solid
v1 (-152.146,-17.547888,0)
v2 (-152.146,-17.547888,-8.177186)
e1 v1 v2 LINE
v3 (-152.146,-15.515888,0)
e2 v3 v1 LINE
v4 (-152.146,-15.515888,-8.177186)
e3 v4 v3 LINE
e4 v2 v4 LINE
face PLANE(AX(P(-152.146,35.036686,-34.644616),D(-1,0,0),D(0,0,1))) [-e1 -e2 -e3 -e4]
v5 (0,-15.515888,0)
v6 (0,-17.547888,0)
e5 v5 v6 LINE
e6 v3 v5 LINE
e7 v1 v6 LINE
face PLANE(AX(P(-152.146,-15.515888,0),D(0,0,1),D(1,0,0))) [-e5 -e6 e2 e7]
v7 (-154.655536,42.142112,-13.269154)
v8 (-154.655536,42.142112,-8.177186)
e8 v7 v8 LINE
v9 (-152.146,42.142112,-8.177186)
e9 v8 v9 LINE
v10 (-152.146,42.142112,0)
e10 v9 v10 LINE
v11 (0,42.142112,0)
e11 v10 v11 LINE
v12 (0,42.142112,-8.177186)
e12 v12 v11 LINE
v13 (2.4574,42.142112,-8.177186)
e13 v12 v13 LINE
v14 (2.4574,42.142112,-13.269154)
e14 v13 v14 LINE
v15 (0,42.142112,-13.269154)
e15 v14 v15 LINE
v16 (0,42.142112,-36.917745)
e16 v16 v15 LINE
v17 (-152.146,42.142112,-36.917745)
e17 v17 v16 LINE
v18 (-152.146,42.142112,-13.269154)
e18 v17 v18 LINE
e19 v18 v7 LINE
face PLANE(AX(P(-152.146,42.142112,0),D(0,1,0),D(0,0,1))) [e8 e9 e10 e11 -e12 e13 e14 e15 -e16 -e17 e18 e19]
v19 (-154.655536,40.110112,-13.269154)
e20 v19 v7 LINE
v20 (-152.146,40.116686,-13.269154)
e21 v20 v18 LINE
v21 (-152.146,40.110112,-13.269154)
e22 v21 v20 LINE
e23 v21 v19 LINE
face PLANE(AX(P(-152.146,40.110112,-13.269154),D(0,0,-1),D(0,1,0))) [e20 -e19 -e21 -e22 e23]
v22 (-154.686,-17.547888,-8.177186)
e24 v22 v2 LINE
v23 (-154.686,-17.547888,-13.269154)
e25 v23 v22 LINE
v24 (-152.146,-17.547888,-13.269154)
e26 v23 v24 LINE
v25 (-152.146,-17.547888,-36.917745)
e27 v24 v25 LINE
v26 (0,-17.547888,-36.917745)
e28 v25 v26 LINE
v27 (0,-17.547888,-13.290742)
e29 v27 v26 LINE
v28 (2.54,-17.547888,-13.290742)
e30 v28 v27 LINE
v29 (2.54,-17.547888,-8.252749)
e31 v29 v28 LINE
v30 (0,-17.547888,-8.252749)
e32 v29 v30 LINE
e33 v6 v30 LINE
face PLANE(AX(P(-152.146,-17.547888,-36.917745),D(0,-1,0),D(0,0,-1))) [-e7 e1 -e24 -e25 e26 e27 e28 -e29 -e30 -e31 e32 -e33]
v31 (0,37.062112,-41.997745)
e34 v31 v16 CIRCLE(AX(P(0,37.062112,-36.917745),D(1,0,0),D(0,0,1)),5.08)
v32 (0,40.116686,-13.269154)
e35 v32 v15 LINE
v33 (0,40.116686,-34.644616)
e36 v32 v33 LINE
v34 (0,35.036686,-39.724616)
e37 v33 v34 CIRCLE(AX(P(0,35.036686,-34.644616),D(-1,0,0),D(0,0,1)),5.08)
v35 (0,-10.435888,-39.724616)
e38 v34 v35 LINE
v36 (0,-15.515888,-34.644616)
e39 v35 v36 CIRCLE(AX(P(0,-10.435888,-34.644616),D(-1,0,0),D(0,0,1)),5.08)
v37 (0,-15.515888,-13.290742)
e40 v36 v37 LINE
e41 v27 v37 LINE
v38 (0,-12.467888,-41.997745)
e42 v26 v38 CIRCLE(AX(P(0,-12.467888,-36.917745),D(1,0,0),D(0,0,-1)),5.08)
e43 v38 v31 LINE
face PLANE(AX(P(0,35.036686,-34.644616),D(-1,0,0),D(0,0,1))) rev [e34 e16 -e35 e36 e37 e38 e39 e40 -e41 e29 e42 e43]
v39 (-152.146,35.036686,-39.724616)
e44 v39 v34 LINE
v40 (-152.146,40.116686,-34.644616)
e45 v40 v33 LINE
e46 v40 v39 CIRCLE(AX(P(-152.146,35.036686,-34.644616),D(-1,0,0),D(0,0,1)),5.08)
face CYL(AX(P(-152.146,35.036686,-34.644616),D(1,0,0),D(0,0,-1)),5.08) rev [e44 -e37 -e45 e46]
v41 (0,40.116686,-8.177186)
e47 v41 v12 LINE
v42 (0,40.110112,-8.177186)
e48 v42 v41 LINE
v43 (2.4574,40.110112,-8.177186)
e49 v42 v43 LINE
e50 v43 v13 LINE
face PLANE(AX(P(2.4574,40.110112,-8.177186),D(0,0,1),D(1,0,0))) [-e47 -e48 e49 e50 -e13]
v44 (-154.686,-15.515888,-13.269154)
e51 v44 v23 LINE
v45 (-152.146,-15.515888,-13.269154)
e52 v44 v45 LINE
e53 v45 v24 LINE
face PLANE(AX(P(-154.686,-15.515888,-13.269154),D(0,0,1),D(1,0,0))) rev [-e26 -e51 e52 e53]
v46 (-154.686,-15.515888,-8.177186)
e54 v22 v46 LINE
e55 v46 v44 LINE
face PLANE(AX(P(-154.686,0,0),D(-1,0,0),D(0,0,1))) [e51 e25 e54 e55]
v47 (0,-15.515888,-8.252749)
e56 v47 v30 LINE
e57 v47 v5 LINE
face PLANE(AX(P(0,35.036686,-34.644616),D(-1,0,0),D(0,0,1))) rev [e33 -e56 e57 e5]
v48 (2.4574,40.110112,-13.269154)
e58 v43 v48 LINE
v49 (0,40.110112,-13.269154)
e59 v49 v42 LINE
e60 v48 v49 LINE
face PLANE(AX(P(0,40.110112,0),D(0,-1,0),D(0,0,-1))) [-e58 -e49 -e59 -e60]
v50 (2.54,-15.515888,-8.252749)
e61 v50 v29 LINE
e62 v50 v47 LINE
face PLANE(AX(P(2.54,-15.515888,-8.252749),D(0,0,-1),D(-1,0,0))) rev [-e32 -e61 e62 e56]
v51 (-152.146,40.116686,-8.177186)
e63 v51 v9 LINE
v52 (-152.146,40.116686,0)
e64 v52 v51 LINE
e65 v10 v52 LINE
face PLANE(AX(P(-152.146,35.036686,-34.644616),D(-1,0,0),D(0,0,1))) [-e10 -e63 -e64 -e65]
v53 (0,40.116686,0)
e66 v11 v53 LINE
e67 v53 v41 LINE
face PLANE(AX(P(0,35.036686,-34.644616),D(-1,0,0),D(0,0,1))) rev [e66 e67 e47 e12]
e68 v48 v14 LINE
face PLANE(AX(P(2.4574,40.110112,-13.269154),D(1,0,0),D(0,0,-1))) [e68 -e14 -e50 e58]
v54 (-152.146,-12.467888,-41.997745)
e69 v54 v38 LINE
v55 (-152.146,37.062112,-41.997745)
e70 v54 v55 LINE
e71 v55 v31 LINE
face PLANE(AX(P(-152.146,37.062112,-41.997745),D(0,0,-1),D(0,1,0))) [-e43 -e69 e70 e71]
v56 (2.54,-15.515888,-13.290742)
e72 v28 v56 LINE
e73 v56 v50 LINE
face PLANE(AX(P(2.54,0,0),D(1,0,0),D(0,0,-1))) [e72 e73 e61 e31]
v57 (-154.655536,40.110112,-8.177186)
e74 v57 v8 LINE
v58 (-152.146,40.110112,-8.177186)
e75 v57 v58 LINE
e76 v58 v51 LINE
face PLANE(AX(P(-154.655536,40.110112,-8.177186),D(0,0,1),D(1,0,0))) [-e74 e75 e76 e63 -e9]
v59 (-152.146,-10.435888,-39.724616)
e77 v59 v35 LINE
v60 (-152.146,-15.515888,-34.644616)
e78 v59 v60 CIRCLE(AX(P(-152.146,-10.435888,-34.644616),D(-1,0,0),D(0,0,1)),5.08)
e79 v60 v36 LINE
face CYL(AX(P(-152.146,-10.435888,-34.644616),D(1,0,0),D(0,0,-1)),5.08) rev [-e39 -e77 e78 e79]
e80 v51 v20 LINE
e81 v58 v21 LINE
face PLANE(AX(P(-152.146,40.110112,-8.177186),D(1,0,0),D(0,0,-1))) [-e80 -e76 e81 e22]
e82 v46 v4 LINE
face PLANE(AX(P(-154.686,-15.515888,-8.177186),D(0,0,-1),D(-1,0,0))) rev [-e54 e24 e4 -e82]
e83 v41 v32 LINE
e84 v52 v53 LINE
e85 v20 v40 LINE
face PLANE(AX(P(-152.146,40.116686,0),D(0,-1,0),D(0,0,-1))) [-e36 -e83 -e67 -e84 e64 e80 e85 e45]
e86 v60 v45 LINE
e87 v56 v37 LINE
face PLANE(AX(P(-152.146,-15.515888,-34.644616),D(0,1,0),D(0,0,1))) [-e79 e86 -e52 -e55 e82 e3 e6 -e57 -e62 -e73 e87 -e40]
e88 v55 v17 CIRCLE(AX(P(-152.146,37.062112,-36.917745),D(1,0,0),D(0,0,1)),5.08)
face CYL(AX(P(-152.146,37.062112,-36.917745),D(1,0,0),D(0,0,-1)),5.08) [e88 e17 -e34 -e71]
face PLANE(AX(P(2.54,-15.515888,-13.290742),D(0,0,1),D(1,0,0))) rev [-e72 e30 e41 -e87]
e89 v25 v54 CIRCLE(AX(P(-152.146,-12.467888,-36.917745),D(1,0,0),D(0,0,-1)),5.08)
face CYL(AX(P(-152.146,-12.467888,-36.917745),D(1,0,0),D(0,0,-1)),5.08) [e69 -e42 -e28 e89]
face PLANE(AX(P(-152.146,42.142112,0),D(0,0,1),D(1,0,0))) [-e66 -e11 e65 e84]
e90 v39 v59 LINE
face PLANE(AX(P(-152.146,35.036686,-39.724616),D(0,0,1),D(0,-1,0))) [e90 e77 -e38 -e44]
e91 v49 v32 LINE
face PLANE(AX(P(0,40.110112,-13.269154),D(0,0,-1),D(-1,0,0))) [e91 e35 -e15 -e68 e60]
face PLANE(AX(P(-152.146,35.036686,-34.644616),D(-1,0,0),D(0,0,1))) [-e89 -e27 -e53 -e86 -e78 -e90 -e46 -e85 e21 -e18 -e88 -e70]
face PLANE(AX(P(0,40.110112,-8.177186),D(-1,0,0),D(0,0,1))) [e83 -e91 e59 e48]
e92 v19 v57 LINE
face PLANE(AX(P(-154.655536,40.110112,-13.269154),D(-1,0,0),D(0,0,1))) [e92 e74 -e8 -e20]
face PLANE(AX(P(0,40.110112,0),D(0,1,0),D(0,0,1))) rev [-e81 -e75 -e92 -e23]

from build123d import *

# Parameters (mm, degrees)
BOSS_EXTRUDE1_DEPTH = 152.146
SKETCH2_W           = 2.509536254
SKETCH2_H           = 5.091968042
SKETCH2_W_2         = 2.457399938
BOSS_EXTRUDE2_DEPTH = 2.032
SKETCH3_W           = 5.037993656
SKETCH3_H           = 2.032
BOSS_EXTRUDE3_DEPTH = 2.54
SKETCH4_W           = 5.091968042
SKETCH4_H           = 2.032
BOSS_EXTRUDE4_DEPTH = 2.54


with BuildPart() as part:
    # Sketch1 → Boss-Extrude1 (new body)
    with BuildSketch(Plane(origin=(0, 0, 0), x_dir=(0, 0, -1), z_dir=(1, 0, 0))):
        with BuildLine():
            Line((0, 42.142112298), (36.917745163, 42.142112298))
            ThreePointArc((36.917745163, 42.142112298), (40.509847611, 40.654214746), (41.997745163, 37.062112298))
            Line((41.997745163, 37.062112298), (41.997745163, -12.467887702))
            ThreePointArc((41.997745163, -12.467887702), (40.509847611, -16.05999015), (36.917745163, -17.547887702))
            Line((36.917745163, -17.547887702), (0, -17.547887702))
            Line((0, -17.547887702), (0, -15.515887702))
            Line((0, -15.515887702), (34.644615501, -15.515887702))
            ThreePointArc((34.644615501, -15.515887702), (38.23671795, -14.02799015), (39.724615501, -10.435887702))
            Line((39.724615501, -10.435887702), (39.724615501, 35.036686341))
            ThreePointArc((39.724615501, 35.036686341), (38.23671795, 38.628788789), (34.644615501, 40.116686341))
            Line((34.644615501, 40.116686341), (0, 40.116686341))
            Line((0, 40.116686341), (0, 42.142112298))
        make_face()
    extrude(amount=-BOSS_EXTRUDE1_DEPTH)

    # Sketch2 → Boss-Extrude2 (add)
    with BuildSketch(Plane(origin=(0, 42.142112298, 0), x_dir=(1, 0, 0), z_dir=(0, 1, 0))):
        with Locations((-153.400768127, 10.723169707)):
            Rectangle(SKETCH2_W, SKETCH2_H)
        with Locations((1.228699969, 10.723169707)):
            Rectangle(SKETCH2_W_2, SKETCH2_H)
    extrude(amount=-BOSS_EXTRUDE2_DEPTH)

    # Sketch3 → Boss-Extrude3 (add)
    with BuildSketch(Plane(origin=(0, 0, 0), x_dir=(0, 0, -1), z_dir=(1, 0, 0))):
        with Locations((10.77174546, -16.531887702)):
            Rectangle(SKETCH3_W, SKETCH3_H)
    extrude(amount=BOSS_EXTRUDE3_DEPTH)

    # Sketch4 → Boss-Extrude4 (add)
    with BuildSketch(Plane.ZY.offset(152.146)):
        with Locations((-10.723169707, -16.531887702)):
            Rectangle(SKETCH4_W, SKETCH4_H)
    extrude(amount=BOSS_EXTRUDE4_DEPTH)


solid = part.part
